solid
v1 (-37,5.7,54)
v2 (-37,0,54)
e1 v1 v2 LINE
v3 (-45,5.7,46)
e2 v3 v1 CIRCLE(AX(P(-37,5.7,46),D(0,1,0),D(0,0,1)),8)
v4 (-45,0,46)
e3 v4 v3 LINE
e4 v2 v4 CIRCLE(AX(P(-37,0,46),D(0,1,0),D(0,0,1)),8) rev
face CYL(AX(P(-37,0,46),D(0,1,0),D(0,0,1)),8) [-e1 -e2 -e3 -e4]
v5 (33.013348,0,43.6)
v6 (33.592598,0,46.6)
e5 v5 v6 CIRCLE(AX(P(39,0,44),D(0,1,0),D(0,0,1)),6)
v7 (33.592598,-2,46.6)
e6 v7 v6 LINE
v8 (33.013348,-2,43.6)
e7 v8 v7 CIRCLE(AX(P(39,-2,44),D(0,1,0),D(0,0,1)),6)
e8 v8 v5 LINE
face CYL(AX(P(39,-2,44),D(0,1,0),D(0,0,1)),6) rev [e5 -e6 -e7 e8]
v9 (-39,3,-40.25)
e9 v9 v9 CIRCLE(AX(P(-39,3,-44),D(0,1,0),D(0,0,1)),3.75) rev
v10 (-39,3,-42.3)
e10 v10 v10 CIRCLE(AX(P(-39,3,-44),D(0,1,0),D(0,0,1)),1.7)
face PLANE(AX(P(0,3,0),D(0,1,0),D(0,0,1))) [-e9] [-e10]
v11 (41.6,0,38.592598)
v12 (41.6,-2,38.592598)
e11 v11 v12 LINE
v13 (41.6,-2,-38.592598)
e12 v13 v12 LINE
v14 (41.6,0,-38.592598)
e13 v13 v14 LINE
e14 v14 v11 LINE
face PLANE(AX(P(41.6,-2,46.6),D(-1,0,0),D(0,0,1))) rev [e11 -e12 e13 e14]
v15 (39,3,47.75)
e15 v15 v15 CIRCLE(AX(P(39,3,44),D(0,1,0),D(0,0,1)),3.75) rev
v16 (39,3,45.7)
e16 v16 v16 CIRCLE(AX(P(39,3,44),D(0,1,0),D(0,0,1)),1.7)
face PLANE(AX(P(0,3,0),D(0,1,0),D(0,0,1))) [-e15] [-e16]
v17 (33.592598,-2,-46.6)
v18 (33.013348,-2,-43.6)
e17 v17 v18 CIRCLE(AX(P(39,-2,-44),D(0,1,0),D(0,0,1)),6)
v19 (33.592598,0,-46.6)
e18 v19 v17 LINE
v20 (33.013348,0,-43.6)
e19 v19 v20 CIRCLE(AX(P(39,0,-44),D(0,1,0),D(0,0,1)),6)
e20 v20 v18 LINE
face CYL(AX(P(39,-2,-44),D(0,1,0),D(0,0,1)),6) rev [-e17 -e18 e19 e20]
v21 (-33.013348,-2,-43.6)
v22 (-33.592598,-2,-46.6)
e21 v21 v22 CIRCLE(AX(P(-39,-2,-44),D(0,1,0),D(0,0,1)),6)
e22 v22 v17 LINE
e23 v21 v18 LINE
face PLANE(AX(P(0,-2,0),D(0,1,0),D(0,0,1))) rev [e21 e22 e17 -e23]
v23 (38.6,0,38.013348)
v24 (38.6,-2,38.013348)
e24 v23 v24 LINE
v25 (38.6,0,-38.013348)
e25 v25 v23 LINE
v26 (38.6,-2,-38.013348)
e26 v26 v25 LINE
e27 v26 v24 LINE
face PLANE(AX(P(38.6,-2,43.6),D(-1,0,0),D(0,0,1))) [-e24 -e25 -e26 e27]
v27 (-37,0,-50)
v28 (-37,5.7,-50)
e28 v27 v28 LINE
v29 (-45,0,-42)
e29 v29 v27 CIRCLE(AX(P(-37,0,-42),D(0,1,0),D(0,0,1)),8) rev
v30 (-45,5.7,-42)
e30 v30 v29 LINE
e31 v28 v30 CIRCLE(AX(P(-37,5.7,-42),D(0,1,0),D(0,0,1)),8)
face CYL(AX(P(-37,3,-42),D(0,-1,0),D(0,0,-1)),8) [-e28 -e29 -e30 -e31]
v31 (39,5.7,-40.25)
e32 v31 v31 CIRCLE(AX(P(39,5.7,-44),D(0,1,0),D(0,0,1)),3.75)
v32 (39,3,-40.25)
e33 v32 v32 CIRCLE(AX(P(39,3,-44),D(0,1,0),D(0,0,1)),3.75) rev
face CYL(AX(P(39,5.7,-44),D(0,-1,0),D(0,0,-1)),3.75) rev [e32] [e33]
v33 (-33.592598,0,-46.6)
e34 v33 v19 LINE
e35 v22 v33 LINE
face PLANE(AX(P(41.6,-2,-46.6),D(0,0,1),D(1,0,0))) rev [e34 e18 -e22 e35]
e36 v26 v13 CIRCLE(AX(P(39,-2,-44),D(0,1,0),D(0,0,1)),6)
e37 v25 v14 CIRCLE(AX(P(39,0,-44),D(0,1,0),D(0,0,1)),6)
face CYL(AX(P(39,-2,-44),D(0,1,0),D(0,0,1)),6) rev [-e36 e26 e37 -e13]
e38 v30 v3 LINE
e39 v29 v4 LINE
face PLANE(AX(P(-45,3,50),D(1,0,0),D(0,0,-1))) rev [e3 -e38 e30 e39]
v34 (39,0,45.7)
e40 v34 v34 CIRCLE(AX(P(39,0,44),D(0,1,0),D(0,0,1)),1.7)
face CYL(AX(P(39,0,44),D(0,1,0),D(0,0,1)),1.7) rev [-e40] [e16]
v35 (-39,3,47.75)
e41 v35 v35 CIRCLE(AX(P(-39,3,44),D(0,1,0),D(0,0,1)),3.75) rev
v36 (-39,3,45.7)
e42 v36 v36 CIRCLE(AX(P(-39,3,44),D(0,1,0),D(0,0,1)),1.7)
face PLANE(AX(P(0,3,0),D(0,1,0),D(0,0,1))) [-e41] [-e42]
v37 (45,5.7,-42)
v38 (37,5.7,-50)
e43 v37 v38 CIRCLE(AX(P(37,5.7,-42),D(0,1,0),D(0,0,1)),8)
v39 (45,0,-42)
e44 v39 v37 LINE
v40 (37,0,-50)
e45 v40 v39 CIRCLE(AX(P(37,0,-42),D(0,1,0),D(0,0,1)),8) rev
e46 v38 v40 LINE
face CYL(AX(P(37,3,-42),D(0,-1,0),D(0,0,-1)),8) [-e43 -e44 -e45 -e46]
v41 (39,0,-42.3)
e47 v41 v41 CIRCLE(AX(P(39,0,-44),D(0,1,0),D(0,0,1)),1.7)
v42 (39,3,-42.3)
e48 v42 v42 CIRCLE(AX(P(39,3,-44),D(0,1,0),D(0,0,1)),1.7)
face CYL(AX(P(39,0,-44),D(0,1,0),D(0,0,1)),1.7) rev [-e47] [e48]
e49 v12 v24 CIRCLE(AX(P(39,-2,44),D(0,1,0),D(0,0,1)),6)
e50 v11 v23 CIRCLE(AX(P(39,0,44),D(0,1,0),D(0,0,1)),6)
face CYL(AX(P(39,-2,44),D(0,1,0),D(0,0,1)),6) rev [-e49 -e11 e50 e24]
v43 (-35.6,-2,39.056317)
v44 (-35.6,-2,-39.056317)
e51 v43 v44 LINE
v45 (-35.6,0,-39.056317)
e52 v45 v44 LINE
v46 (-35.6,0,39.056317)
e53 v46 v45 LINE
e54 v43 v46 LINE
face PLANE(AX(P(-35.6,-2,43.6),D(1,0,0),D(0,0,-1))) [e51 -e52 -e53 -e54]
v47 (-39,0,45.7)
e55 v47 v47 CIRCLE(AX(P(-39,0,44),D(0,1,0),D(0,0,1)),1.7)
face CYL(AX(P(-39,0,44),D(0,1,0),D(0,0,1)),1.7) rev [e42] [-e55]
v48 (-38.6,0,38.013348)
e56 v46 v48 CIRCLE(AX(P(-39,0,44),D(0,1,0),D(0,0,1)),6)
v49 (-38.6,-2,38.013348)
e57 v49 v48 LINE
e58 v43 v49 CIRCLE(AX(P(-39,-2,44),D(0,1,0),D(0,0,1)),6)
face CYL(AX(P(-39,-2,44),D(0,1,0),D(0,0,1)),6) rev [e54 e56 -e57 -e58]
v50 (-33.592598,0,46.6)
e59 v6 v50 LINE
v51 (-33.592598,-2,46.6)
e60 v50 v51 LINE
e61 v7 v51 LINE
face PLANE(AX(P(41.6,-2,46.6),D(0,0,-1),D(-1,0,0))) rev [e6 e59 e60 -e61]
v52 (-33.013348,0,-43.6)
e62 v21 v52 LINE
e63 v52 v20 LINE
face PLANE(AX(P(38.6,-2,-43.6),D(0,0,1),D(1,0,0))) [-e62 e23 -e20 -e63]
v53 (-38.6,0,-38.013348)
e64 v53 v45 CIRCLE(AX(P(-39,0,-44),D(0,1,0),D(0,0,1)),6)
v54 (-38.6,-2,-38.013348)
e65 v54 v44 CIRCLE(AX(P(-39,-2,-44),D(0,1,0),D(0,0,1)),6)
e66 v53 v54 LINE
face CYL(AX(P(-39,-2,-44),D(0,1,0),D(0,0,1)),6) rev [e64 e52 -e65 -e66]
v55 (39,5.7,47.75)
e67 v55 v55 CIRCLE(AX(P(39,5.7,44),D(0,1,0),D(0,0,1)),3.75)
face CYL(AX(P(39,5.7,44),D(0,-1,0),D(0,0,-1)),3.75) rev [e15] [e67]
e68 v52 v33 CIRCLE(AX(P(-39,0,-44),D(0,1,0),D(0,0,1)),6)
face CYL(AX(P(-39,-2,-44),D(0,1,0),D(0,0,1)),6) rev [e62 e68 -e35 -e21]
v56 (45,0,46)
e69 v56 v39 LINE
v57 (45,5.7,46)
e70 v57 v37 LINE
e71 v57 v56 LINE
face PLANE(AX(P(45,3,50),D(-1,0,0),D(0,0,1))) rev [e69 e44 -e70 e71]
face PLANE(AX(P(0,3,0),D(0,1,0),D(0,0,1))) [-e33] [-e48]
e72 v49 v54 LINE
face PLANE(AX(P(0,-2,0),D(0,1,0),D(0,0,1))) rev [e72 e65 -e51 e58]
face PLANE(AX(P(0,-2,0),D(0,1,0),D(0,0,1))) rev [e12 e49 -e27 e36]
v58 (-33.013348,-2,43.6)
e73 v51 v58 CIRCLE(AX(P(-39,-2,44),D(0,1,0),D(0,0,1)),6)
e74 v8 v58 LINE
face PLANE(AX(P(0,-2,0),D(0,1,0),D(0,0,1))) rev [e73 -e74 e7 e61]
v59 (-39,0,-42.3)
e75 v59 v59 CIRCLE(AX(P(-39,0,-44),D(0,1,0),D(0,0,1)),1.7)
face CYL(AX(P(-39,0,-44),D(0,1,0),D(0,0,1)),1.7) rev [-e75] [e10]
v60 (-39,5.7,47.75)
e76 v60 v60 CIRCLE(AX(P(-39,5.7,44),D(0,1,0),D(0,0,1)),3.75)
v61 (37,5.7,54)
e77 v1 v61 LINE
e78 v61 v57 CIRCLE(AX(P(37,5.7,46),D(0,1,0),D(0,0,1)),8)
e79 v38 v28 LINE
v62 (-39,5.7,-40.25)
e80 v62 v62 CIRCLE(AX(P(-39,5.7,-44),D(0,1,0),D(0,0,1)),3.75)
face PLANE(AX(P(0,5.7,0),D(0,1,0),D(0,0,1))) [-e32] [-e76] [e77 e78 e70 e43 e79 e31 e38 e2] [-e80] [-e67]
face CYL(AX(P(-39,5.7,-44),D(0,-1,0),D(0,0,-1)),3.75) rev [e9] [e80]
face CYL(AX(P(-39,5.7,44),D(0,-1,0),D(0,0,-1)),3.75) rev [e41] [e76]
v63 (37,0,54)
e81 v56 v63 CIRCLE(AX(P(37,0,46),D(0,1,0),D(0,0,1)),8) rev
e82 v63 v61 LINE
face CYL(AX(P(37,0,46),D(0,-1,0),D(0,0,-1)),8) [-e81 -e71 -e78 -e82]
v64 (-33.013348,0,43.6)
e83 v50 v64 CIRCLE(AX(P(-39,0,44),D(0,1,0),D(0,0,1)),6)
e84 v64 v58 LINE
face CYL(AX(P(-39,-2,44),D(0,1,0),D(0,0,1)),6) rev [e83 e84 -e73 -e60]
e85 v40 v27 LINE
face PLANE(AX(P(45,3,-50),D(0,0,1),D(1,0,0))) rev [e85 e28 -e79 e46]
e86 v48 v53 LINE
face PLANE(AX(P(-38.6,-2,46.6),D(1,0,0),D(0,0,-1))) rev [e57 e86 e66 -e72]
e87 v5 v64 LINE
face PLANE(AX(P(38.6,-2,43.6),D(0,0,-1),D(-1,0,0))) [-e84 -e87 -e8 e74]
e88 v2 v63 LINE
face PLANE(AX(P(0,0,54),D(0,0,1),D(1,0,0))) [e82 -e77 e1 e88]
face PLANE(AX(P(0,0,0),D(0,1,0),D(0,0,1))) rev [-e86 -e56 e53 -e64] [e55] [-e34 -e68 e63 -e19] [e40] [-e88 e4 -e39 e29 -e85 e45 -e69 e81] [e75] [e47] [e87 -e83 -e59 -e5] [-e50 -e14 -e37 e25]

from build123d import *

# Parameters (mm, degrees)
SKETCH1_W           = 90
SKETCH1_H           = 100
BOSS_EXTRUDE1_DEPTH = 3
SKETCH2_R           = 1.7
CUT_EXTRUDE1_DEPTH  = 4
SKETCH4_W           = 80.2
SKETCH4_H           = 93.2
SKETCH4_W_2         = 74.2
SKETCH4_H_2         = 87.2
BOSS_EXTRUDE2_DEPTH = 2
CUT_EXTRUDE5_START  = -3
SKETCH6_R           = 6
CUT_EXTRUDE5_DEPTH  = 3
SKETCH7_W           = 90
SKETCH7_H           = 3
BOSS_EXTRUDE3_DEPTH = 4
SKETCH8_R           = 3.75
BOSS_EXTRUDE4_DEPTH = 2.7
FILLET1_R           = 8


with BuildPart() as part:
    # Sketch1 → Boss-Extrude1 (new body)
    with BuildSketch(Plane(origin=(0, 0, 0), x_dir=(1, 0, 0), z_dir=(0, 1, 0))):
        Rectangle(SKETCH1_W, SKETCH1_H)
    extrude(amount=BOSS_EXTRUDE1_DEPTH)

    # Sketch2 → Cut-Extrude1 (cut, through all)
    with BuildSketch(Plane(origin=(0, 3, 0), x_dir=(1, 0, 0), z_dir=(0, 1, 0))):
        with Locations((-39, 44)):
            Circle(SKETCH2_R)
        with Locations((39, 44)):
            Circle(SKETCH2_R)
        with Locations((39, -44)):
            Circle(SKETCH2_R)
        with Locations((-39, -44)):
            Circle(SKETCH2_R)
    extrude(amount=-CUT_EXTRUDE1_DEPTH, mode=Mode.SUBTRACT)

    # Sketch4 → Boss-Extrude2 (add)
    with BuildSketch(Plane.XZ):
        with Locations((1.5, 0)):
            Rectangle(SKETCH4_W, SKETCH4_H)
        with Locations((1.5, 0)):
            Rectangle(SKETCH4_W_2, SKETCH4_H_2, mode=Mode.SUBTRACT)
    extrude(amount=BOSS_EXTRUDE2_DEPTH)

    # Sketch6 → Cut-Extrude5 (cut, through all)
    with BuildSketch(Plane(origin=(0, 3, 0), x_dir=(1, 0, 0), z_dir=(0, 1, 0)).offset(CUT_EXTRUDE5_START)):
        with Locations((-39, 44)):
            Circle(SKETCH6_R)
        with Locations((-39, -44)):
            Circle(SKETCH6_R)
        with Locations((39, -44)):
            Circle(SKETCH6_R)
        with Locations((39, 44)):
            Circle(SKETCH6_R)
    extrude(amount=-CUT_EXTRUDE5_DEPTH, mode=Mode.SUBTRACT)

    # Sketch7 → Boss-Extrude3 (add)
    with BuildSketch(Plane.XY.offset(50)):
        with Locations((0, 1.5)):
            Rectangle(SKETCH7_W, SKETCH7_H)
    extrude(amount=BOSS_EXTRUDE3_DEPTH)

    # Sketch8 → Boss-Extrude4 (add)
    with BuildSketch(Plane(origin=(0, 3, 0), x_dir=(1, 0, 0), z_dir=(0, 1, 0))):
        Polygon((-45, -50), (-45, -54), (45, -54), (45, -50), (45, 50), (-45, 50), align=None)
        with Locations((-39, 44)):
            Circle(SKETCH8_R, mode=Mode.SUBTRACT)
        with Locations((39, 44)):
            Circle(SKETCH8_R, mode=Mode.SUBTRACT)
        with Locations((-39, -44)):
            Circle(SKETCH8_R, mode=Mode.SUBTRACT)
        with Locations((39, -44)):
            Circle(SKETCH8_R, mode=Mode.SUBTRACT)
    extrude(amount=BOSS_EXTRUDE4_DEPTH)

    # Fillet1
    fillet1_edges = [part.edges().sort_by_distance(p)[0] for p in [
        (-45, 2.85, 54),
        (45, 2.85, 54),
        (-45, 2.85, -50),
        (45, 2.85, -50),
    ]]
    fillet(fillet1_edges, radius=FILLET1_R)


solid = part.part
